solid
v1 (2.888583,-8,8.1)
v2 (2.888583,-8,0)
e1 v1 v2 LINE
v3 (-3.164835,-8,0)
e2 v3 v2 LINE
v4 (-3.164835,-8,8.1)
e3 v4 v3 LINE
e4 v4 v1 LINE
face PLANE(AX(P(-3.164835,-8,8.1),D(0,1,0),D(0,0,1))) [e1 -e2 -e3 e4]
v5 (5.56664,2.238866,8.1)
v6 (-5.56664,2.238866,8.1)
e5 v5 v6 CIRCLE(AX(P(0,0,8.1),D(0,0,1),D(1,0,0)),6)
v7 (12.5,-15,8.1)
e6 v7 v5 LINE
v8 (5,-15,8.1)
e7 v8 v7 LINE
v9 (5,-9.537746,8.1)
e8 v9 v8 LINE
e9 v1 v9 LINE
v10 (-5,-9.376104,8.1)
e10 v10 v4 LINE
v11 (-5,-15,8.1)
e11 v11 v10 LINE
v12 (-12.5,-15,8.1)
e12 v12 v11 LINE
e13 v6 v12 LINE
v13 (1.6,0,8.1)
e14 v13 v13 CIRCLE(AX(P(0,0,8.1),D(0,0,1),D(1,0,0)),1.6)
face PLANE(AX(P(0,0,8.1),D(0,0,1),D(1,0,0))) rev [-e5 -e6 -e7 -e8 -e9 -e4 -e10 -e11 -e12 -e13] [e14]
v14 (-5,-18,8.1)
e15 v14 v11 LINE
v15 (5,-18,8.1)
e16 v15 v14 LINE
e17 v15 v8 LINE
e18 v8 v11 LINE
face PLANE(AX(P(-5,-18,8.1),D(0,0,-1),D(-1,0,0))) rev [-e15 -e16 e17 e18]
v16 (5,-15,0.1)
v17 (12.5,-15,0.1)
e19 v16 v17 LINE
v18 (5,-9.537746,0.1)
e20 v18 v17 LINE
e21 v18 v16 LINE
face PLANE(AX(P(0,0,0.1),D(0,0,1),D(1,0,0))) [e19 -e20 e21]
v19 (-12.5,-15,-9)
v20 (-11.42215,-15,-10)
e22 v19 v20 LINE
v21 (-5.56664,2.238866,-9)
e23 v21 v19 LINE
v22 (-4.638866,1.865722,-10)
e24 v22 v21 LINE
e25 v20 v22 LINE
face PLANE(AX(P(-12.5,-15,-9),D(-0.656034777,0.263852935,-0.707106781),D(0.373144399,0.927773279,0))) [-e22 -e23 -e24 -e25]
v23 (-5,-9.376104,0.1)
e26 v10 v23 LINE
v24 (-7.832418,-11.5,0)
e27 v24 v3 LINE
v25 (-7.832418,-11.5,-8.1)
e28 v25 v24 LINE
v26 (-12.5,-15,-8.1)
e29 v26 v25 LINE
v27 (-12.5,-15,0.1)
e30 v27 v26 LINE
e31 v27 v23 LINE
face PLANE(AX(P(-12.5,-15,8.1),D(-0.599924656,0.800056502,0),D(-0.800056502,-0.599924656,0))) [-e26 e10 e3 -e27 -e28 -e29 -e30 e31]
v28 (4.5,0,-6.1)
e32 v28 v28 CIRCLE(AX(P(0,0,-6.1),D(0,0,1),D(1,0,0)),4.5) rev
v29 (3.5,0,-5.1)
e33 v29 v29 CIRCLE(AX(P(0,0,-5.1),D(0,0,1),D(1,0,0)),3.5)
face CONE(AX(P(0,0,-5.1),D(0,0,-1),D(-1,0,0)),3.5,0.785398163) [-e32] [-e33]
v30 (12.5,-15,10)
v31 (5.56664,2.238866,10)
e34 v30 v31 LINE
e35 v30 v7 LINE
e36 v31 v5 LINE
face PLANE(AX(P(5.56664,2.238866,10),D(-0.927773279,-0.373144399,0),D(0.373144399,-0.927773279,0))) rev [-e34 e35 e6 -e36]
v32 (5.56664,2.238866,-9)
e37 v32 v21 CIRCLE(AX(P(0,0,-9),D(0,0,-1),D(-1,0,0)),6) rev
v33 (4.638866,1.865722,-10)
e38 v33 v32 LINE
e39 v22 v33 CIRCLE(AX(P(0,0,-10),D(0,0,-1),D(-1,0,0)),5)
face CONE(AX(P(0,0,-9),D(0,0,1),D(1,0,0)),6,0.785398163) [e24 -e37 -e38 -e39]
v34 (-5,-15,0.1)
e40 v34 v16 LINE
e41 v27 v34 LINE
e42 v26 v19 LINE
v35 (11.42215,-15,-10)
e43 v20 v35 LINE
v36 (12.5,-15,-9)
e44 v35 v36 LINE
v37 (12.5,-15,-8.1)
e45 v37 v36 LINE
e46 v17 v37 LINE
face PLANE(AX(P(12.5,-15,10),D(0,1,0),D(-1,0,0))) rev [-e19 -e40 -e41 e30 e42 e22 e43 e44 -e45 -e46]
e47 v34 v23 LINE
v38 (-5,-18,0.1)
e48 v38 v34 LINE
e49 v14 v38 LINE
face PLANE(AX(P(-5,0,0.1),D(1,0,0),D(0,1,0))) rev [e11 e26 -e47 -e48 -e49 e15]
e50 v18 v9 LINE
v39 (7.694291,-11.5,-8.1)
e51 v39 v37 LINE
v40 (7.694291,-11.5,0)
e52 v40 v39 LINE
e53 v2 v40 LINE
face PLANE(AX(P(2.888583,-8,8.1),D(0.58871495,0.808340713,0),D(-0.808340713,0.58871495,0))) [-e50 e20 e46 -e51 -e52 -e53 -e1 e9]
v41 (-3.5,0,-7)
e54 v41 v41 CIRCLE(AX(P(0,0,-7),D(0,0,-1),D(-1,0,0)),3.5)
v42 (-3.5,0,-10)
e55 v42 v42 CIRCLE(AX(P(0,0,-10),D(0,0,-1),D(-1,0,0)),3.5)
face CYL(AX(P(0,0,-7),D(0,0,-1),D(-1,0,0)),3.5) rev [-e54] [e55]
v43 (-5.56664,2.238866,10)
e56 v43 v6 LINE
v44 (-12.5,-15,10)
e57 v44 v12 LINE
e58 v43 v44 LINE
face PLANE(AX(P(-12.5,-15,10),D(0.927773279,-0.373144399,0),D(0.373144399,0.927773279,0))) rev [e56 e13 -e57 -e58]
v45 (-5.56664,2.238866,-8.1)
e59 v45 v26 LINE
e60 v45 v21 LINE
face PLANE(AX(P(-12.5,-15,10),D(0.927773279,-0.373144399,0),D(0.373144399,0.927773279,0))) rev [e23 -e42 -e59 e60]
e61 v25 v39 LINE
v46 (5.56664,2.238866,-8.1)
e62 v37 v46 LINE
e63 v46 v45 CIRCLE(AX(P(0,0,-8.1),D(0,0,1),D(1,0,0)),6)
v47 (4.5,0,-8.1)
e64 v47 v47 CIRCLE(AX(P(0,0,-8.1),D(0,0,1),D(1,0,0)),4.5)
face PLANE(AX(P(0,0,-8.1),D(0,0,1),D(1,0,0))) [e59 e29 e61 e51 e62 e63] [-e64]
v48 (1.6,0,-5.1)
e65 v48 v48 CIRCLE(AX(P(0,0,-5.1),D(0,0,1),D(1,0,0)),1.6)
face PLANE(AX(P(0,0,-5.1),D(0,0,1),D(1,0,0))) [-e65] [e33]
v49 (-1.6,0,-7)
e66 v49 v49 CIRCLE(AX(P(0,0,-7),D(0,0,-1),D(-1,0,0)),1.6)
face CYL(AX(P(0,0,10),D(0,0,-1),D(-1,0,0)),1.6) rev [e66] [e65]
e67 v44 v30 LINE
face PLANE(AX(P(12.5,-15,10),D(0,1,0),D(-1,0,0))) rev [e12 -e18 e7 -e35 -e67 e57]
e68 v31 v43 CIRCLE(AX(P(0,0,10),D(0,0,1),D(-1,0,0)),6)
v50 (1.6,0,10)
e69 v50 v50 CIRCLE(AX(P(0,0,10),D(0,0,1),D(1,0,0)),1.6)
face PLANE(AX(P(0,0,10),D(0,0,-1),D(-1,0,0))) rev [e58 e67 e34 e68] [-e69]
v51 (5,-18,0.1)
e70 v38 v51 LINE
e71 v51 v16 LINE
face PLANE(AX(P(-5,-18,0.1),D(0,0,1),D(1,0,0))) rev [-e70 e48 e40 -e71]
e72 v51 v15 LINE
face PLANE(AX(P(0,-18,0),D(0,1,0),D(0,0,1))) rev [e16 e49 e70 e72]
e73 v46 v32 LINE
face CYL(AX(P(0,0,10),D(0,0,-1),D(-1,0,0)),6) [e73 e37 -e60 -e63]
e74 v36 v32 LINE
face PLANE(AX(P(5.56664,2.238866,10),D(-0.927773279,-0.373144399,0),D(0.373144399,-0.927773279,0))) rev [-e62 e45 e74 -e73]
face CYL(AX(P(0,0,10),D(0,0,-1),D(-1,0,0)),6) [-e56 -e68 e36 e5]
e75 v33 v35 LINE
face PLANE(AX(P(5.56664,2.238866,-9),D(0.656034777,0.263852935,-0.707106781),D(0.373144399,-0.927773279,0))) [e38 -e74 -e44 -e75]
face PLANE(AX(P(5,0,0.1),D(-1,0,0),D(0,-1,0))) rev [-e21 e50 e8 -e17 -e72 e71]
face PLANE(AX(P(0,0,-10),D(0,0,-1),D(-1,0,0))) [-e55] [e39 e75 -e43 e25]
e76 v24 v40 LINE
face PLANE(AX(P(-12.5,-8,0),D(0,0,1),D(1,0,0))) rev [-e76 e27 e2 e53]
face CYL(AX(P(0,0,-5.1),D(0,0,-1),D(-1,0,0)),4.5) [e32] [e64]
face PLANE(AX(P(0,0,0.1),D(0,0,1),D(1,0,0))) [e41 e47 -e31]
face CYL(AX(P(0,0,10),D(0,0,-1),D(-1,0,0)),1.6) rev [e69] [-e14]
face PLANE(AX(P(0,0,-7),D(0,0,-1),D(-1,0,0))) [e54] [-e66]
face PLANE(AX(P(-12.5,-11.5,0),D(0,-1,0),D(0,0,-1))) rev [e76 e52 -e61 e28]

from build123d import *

# Parameters (mm, degrees)
CROQUIS1_R                 = 1.6
SALIENTE_EXTRUIR1_DEPTH    = 10
CORTAR_EXTRUIR1_DEPTH      = 8.1
CORTAR_EXTRUIR1_DEPTH_BACK = 8.1
CORTAR_EXTRUIR2_START      = 8.1
CROQUIS3_OUTSIDE_W         = 34.658
CROQUIS3_OUTSIDE_H         = 30.658
CROQUIS3_OUTSIDE_W_2       = 10
CROQUIS3_OUTSIDE_H_2       = 25.797501395
CORTAR_EXTRUIR2_DEPTH      = 8
CROQUIS4_W                 = 10
CROQUIS4_H                 = 8
SALIENTE_EXTRUIR3_DEPTH    = 3
CORTAR_EXTRUIR3_DEPTH      = 25.088378941
CORTAR_EXTRUIR3_DEPTH_BACK = 25.088378941
CROQUIS5_W                 = 8.1
CROQUIS5_H                 = 3.5
CROQUIS6_R                 = 4.5
CROQUIS6_R_2               = 1.6
SALIENTE_EXTRUIR4_DEPTH    = 3
CHAFL_N1_SIZE              = 1
CROQUIS7_R                 = 3.5
CORTAR_EXTRUIR4_DEPTH      = 3
CHAFL_N2_SIZE              = 1


with BuildPart() as part:
    # Croquis1 → Saliente-Extruir1 (new, symmetric)
    with BuildSketch(Plane.XY):
        with BuildLine():
            Line((-12.5, -15), (-5.566639674, 2.238866395))
            ThreePointArc((-5.566639674, 2.238866395), (0, 6), (5.566639674, 2.238866395))
            Line((5.566639674, 2.238866395), (12.5, -15))
            Line((12.5, -15), (-12.5, -15))
        make_face()
        Circle(CROQUIS1_R, mode=Mode.SUBTRACT)
    extrude(amount=SALIENTE_EXTRUIR1_DEPTH, both=True)

    # Croquis2 → Cortar-Extruir1 (cut, two sides: drawn at the far end of the back side and taken through both)
    with BuildSketch(Plane.XY.offset(-CORTAR_EXTRUIR1_DEPTH_BACK)):
        with BuildLine():
            Line((-12.5, -15), (-7.5, 0))
            ThreePointArc((-7.5, 0), (0, 7.5), (7.5, 0))
            Line((7.5, 0), (12.5, -15))
            Line((12.5, -15), (2.888582809, -8))
            Line((2.888582809, -8), (-3.164835235, -8))
            Line((-3.164835235, -8), (-12.5, -15))
        make_face()
    extrude(amount=CORTAR_EXTRUIR1_DEPTH + CORTAR_EXTRUIR1_DEPTH_BACK, mode=Mode.SUBTRACT)

    # Croquis3 outside → Cortar-Extruir2 (cut)
    with BuildSketch(Plane.XY.offset(CORTAR_EXTRUIR2_START)):
        with Locations((0, -4.5)):
            Rectangle(CROQUIS3_OUTSIDE_W, CROQUIS3_OUTSIDE_H)
        with Locations((0, -2.101249303)):
            Rectangle(CROQUIS3_OUTSIDE_W_2, CROQUIS3_OUTSIDE_H_2, mode=Mode.SUBTRACT)
    extrude(amount=-CORTAR_EXTRUIR2_DEPTH, mode=Mode.SUBTRACT)

    # Croquis4 → Saliente-Extruir3 (add)
    with BuildSketch(Plane.XZ.offset(15)):
        with Locations((0, 4.1)):
            Rectangle(CROQUIS4_W, CROQUIS4_H)
    extrude(amount=SALIENTE_EXTRUIR3_DEPTH)

    # Croquis5 → Cortar-Extruir3 (cut, two sides: drawn at the far end of the back side and taken through both)
    with BuildSketch(Plane(origin=(0, 0, 0), x_dir=(0, 0, -1), z_dir=(1, 0, 0)).offset(-CORTAR_EXTRUIR3_DEPTH_BACK)):
        with Locations((4.05, -9.75)):
            Rectangle(CROQUIS5_W, CROQUIS5_H)
    extrude(amount=CORTAR_EXTRUIR3_DEPTH + CORTAR_EXTRUIR3_DEPTH_BACK, mode=Mode.SUBTRACT)

    # Croquis6 → Saliente-Extruir4 (add)
    with BuildSketch(Plane.XY.offset(-8.1)):
        Circle(CROQUIS6_R)
        Circle(CROQUIS6_R_2, mode=Mode.SUBTRACT)
    extrude(amount=SALIENTE_EXTRUIR4_DEPTH)

    # Chaflán1
    chafl_n1_edges = [part.edges().sort_by_distance(p)[0] for p in [
        (-4.5, 0, -5.1),
    ]]
    chamfer(chafl_n1_edges, length=CHAFL_N1_SIZE)

    # Croquis7 → Cortar-Extruir4 (cut)
    with BuildSketch(Plane(origin=(0, 0, -10), x_dir=(-1, 0, 0), z_dir=(0, 0, -1))):
        Circle(CROQUIS7_R)
    extrude(amount=-CORTAR_EXTRUIR4_DEPTH, mode=Mode.SUBTRACT)

    # Chaflán2
    chafl_n2_edges = [part.edges().sort_by_distance(p)[0] for p in [
        (-9.033319837, -6.380566802, -10),
        (0, 6, -10),
        (9.033319837, -6.380566802, -10),
    ]]
    chamfer(chafl_n2_edges, length=CHAFL_N2_SIZE)


solid = part.part
